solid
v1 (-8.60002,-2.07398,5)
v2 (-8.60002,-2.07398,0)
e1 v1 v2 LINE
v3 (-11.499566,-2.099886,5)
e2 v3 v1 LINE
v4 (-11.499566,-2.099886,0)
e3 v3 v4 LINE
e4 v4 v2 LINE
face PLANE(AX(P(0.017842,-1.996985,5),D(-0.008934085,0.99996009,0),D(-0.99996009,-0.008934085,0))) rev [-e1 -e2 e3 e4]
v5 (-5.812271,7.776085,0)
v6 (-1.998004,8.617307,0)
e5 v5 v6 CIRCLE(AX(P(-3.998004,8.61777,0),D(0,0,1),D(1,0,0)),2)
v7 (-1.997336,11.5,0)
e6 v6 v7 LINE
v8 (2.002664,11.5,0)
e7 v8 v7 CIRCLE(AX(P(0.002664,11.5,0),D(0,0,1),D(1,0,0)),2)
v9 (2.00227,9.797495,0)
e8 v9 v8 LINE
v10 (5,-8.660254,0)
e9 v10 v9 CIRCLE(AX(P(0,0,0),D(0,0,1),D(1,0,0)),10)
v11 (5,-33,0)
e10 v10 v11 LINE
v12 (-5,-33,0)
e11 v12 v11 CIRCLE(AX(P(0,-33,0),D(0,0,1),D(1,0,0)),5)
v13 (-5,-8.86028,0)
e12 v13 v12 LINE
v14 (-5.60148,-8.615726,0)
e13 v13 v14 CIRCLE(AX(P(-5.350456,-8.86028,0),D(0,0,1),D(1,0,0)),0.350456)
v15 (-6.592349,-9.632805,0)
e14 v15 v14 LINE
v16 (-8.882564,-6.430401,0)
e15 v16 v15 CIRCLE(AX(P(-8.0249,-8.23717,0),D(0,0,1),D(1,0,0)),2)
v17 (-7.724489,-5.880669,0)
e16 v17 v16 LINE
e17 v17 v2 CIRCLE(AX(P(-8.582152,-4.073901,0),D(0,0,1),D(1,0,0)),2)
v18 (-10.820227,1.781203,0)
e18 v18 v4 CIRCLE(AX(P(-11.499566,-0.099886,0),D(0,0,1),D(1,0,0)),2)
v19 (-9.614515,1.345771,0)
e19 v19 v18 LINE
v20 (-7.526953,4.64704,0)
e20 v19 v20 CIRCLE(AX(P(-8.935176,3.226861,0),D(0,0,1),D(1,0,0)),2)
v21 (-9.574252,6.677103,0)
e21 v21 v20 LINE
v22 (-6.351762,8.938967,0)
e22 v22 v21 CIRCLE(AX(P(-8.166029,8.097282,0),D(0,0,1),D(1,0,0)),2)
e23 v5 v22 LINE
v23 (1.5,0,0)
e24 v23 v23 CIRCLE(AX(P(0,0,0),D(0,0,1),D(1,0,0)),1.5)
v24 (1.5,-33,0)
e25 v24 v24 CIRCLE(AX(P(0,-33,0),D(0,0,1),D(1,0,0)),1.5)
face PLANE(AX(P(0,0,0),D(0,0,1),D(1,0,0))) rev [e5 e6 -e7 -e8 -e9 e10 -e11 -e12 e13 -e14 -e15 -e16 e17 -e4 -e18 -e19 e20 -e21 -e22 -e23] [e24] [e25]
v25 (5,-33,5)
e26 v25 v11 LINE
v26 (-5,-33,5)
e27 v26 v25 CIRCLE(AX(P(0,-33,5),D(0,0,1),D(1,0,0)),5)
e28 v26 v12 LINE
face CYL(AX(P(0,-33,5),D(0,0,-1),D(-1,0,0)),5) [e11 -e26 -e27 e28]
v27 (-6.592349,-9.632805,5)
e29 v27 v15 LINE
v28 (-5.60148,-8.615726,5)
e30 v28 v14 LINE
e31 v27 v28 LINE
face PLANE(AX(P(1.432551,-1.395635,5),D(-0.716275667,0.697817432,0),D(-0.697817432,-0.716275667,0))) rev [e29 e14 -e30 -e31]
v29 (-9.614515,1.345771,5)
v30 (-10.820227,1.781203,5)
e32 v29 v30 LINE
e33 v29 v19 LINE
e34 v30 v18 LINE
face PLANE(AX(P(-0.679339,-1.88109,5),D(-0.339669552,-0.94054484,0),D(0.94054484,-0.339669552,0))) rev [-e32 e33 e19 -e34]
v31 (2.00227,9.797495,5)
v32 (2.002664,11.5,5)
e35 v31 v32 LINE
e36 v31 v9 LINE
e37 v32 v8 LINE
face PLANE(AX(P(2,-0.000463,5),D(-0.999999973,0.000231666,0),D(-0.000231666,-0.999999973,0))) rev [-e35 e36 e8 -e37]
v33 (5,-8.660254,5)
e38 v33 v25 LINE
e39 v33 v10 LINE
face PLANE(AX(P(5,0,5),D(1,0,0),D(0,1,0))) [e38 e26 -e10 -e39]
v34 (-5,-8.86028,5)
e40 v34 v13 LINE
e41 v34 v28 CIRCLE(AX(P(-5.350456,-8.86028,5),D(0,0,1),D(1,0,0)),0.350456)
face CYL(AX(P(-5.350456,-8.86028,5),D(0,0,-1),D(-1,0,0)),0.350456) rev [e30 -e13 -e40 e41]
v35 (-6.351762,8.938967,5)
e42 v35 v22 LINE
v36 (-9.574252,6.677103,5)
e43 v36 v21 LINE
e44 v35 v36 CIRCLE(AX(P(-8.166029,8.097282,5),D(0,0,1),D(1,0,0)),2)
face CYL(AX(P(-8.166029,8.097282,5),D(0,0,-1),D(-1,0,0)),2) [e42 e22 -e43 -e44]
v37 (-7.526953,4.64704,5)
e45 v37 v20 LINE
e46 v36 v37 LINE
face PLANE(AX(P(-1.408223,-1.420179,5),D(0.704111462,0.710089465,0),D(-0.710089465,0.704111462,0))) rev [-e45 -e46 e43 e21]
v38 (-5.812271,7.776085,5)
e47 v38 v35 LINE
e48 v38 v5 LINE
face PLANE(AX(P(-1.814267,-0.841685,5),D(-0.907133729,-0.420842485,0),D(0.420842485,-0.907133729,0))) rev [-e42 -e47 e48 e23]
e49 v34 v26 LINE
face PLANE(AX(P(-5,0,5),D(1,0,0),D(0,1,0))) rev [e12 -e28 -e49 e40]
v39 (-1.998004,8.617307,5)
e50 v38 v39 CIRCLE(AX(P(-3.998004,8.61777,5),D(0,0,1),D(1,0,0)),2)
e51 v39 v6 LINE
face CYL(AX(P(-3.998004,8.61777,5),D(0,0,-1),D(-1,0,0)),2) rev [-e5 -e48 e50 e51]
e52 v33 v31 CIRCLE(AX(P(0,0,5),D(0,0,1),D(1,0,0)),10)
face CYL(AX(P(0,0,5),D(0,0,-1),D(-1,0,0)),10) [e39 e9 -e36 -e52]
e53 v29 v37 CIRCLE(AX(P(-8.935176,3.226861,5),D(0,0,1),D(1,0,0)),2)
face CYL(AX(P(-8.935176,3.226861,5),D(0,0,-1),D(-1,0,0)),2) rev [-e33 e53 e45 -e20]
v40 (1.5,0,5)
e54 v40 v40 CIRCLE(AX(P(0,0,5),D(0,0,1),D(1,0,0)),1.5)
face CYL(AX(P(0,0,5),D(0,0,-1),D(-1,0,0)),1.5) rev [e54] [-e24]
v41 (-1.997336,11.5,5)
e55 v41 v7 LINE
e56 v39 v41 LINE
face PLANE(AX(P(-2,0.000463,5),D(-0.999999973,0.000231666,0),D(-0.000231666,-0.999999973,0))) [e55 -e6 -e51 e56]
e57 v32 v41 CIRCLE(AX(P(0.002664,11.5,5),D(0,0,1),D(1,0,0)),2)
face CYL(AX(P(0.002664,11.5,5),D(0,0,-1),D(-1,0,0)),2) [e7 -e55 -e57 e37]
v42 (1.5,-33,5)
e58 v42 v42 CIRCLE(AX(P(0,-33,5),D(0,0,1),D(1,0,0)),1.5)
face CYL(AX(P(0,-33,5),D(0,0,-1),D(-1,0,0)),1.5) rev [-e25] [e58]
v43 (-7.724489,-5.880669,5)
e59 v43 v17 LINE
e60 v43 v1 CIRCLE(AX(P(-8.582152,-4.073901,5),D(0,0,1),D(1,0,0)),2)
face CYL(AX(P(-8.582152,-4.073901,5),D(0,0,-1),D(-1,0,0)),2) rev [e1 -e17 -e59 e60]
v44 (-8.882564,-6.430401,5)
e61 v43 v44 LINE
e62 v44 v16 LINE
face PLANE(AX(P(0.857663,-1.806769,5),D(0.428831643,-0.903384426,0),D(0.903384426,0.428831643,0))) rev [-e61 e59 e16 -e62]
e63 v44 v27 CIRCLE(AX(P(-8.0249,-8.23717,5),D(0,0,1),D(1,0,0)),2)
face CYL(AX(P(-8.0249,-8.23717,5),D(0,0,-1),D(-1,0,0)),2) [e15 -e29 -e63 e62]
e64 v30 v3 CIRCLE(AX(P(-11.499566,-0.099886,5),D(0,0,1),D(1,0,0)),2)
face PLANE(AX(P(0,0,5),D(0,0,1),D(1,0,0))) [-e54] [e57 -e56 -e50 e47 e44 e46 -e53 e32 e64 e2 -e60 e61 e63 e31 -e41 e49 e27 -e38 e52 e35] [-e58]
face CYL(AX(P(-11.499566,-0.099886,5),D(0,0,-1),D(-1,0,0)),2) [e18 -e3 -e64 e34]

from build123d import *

# Parameters (mm, degrees)
SKETCH2_R           = 1.5
BOSS_EXTRUDE1_DEPTH = 5


with BuildPart() as part:
    # Sketch2 → Boss-Extrude1 (new body)
    with BuildSketch(Plane.XY):
        with BuildLine():
            Line((5, -33), (5, -8.660254038))
            ThreePointArc((5, -8.660254038), (9.870667346, 1.603098918), (2.002269745, 9.797495388))
            Line((2.002269745, 9.797495388), (2.00266405, 11.49953636))
            Line((2.00266405, 11.49953636), (2.002664157, 11.499999691))
            ThreePointArc((2.002664157, 11.499999691), (0.002664157, 13.499999691), (-1.997335843, 11.499999691))
            Line((-1.997335843, 11.499999691), (-1.998003665, 8.617307095))
            ThreePointArc((-1.998003665, 8.617307095), (-3.567262635, 6.664705601), (-5.812270881, 7.776085051))
            Line((-5.812270881, 7.776085051), (-6.351761581, 8.938967191))
            ThreePointArc((-6.351761581, 8.938967191), (-9.315039529, 9.734283484), (-9.574251776, 6.677102885))
            Line((-9.574251776, 6.677102885), (-7.526953052, 4.647039677))
            ThreePointArc((-7.526953052, 4.647039677), (-7.244787999, 2.157941439), (-9.614515081, 1.345771067))
            Line((-9.614515081, 1.345771067), (-10.820227093, 1.781203427))
            ThreePointArc((-10.820227093, 1.781203427), (-13.469614339, 0.244947506), (-11.499566198, -2.099886252))
            Line((-11.499566198, -2.099886252), (-11.463831285, -2.099566981))
            Line((-11.463831285, -2.099566981), (-8.600020221, -2.073980428))
            ThreePointArc((-8.600020221, -2.073980428), (-6.633040893, -3.625608638), (-7.724488765, -5.880669462))
            Line((-7.724488765, -5.880669462), (-7.993660259, -6.008443697))
            Line((-7.993660259, -6.008443697), (-8.882563754, -6.430401321))
            ThreePointArc((-8.882563754, -6.430401321), (-9.651698384, -9.400582629), (-6.592349134, -9.632805038))
            Line((-6.592349134, -9.632805038), (-5.601479532, -8.615725566))
            ThreePointArc((-5.601479532, -8.615725566), (-5.218458324, -8.535632344), (-5, -8.860280046))
            Line((-5, -8.860280046), (-5, -33))
            ThreePointArc((-5, -33), (0, -38), (5, -33))
        make_face()
        with Locations((0, -33)):
            Circle(SKETCH2_R, mode=Mode.SUBTRACT)
        Circle(SKETCH2_R, mode=Mode.SUBTRACT)
    extrude(amount=BOSS_EXTRUDE1_DEPTH)


solid = part.part
